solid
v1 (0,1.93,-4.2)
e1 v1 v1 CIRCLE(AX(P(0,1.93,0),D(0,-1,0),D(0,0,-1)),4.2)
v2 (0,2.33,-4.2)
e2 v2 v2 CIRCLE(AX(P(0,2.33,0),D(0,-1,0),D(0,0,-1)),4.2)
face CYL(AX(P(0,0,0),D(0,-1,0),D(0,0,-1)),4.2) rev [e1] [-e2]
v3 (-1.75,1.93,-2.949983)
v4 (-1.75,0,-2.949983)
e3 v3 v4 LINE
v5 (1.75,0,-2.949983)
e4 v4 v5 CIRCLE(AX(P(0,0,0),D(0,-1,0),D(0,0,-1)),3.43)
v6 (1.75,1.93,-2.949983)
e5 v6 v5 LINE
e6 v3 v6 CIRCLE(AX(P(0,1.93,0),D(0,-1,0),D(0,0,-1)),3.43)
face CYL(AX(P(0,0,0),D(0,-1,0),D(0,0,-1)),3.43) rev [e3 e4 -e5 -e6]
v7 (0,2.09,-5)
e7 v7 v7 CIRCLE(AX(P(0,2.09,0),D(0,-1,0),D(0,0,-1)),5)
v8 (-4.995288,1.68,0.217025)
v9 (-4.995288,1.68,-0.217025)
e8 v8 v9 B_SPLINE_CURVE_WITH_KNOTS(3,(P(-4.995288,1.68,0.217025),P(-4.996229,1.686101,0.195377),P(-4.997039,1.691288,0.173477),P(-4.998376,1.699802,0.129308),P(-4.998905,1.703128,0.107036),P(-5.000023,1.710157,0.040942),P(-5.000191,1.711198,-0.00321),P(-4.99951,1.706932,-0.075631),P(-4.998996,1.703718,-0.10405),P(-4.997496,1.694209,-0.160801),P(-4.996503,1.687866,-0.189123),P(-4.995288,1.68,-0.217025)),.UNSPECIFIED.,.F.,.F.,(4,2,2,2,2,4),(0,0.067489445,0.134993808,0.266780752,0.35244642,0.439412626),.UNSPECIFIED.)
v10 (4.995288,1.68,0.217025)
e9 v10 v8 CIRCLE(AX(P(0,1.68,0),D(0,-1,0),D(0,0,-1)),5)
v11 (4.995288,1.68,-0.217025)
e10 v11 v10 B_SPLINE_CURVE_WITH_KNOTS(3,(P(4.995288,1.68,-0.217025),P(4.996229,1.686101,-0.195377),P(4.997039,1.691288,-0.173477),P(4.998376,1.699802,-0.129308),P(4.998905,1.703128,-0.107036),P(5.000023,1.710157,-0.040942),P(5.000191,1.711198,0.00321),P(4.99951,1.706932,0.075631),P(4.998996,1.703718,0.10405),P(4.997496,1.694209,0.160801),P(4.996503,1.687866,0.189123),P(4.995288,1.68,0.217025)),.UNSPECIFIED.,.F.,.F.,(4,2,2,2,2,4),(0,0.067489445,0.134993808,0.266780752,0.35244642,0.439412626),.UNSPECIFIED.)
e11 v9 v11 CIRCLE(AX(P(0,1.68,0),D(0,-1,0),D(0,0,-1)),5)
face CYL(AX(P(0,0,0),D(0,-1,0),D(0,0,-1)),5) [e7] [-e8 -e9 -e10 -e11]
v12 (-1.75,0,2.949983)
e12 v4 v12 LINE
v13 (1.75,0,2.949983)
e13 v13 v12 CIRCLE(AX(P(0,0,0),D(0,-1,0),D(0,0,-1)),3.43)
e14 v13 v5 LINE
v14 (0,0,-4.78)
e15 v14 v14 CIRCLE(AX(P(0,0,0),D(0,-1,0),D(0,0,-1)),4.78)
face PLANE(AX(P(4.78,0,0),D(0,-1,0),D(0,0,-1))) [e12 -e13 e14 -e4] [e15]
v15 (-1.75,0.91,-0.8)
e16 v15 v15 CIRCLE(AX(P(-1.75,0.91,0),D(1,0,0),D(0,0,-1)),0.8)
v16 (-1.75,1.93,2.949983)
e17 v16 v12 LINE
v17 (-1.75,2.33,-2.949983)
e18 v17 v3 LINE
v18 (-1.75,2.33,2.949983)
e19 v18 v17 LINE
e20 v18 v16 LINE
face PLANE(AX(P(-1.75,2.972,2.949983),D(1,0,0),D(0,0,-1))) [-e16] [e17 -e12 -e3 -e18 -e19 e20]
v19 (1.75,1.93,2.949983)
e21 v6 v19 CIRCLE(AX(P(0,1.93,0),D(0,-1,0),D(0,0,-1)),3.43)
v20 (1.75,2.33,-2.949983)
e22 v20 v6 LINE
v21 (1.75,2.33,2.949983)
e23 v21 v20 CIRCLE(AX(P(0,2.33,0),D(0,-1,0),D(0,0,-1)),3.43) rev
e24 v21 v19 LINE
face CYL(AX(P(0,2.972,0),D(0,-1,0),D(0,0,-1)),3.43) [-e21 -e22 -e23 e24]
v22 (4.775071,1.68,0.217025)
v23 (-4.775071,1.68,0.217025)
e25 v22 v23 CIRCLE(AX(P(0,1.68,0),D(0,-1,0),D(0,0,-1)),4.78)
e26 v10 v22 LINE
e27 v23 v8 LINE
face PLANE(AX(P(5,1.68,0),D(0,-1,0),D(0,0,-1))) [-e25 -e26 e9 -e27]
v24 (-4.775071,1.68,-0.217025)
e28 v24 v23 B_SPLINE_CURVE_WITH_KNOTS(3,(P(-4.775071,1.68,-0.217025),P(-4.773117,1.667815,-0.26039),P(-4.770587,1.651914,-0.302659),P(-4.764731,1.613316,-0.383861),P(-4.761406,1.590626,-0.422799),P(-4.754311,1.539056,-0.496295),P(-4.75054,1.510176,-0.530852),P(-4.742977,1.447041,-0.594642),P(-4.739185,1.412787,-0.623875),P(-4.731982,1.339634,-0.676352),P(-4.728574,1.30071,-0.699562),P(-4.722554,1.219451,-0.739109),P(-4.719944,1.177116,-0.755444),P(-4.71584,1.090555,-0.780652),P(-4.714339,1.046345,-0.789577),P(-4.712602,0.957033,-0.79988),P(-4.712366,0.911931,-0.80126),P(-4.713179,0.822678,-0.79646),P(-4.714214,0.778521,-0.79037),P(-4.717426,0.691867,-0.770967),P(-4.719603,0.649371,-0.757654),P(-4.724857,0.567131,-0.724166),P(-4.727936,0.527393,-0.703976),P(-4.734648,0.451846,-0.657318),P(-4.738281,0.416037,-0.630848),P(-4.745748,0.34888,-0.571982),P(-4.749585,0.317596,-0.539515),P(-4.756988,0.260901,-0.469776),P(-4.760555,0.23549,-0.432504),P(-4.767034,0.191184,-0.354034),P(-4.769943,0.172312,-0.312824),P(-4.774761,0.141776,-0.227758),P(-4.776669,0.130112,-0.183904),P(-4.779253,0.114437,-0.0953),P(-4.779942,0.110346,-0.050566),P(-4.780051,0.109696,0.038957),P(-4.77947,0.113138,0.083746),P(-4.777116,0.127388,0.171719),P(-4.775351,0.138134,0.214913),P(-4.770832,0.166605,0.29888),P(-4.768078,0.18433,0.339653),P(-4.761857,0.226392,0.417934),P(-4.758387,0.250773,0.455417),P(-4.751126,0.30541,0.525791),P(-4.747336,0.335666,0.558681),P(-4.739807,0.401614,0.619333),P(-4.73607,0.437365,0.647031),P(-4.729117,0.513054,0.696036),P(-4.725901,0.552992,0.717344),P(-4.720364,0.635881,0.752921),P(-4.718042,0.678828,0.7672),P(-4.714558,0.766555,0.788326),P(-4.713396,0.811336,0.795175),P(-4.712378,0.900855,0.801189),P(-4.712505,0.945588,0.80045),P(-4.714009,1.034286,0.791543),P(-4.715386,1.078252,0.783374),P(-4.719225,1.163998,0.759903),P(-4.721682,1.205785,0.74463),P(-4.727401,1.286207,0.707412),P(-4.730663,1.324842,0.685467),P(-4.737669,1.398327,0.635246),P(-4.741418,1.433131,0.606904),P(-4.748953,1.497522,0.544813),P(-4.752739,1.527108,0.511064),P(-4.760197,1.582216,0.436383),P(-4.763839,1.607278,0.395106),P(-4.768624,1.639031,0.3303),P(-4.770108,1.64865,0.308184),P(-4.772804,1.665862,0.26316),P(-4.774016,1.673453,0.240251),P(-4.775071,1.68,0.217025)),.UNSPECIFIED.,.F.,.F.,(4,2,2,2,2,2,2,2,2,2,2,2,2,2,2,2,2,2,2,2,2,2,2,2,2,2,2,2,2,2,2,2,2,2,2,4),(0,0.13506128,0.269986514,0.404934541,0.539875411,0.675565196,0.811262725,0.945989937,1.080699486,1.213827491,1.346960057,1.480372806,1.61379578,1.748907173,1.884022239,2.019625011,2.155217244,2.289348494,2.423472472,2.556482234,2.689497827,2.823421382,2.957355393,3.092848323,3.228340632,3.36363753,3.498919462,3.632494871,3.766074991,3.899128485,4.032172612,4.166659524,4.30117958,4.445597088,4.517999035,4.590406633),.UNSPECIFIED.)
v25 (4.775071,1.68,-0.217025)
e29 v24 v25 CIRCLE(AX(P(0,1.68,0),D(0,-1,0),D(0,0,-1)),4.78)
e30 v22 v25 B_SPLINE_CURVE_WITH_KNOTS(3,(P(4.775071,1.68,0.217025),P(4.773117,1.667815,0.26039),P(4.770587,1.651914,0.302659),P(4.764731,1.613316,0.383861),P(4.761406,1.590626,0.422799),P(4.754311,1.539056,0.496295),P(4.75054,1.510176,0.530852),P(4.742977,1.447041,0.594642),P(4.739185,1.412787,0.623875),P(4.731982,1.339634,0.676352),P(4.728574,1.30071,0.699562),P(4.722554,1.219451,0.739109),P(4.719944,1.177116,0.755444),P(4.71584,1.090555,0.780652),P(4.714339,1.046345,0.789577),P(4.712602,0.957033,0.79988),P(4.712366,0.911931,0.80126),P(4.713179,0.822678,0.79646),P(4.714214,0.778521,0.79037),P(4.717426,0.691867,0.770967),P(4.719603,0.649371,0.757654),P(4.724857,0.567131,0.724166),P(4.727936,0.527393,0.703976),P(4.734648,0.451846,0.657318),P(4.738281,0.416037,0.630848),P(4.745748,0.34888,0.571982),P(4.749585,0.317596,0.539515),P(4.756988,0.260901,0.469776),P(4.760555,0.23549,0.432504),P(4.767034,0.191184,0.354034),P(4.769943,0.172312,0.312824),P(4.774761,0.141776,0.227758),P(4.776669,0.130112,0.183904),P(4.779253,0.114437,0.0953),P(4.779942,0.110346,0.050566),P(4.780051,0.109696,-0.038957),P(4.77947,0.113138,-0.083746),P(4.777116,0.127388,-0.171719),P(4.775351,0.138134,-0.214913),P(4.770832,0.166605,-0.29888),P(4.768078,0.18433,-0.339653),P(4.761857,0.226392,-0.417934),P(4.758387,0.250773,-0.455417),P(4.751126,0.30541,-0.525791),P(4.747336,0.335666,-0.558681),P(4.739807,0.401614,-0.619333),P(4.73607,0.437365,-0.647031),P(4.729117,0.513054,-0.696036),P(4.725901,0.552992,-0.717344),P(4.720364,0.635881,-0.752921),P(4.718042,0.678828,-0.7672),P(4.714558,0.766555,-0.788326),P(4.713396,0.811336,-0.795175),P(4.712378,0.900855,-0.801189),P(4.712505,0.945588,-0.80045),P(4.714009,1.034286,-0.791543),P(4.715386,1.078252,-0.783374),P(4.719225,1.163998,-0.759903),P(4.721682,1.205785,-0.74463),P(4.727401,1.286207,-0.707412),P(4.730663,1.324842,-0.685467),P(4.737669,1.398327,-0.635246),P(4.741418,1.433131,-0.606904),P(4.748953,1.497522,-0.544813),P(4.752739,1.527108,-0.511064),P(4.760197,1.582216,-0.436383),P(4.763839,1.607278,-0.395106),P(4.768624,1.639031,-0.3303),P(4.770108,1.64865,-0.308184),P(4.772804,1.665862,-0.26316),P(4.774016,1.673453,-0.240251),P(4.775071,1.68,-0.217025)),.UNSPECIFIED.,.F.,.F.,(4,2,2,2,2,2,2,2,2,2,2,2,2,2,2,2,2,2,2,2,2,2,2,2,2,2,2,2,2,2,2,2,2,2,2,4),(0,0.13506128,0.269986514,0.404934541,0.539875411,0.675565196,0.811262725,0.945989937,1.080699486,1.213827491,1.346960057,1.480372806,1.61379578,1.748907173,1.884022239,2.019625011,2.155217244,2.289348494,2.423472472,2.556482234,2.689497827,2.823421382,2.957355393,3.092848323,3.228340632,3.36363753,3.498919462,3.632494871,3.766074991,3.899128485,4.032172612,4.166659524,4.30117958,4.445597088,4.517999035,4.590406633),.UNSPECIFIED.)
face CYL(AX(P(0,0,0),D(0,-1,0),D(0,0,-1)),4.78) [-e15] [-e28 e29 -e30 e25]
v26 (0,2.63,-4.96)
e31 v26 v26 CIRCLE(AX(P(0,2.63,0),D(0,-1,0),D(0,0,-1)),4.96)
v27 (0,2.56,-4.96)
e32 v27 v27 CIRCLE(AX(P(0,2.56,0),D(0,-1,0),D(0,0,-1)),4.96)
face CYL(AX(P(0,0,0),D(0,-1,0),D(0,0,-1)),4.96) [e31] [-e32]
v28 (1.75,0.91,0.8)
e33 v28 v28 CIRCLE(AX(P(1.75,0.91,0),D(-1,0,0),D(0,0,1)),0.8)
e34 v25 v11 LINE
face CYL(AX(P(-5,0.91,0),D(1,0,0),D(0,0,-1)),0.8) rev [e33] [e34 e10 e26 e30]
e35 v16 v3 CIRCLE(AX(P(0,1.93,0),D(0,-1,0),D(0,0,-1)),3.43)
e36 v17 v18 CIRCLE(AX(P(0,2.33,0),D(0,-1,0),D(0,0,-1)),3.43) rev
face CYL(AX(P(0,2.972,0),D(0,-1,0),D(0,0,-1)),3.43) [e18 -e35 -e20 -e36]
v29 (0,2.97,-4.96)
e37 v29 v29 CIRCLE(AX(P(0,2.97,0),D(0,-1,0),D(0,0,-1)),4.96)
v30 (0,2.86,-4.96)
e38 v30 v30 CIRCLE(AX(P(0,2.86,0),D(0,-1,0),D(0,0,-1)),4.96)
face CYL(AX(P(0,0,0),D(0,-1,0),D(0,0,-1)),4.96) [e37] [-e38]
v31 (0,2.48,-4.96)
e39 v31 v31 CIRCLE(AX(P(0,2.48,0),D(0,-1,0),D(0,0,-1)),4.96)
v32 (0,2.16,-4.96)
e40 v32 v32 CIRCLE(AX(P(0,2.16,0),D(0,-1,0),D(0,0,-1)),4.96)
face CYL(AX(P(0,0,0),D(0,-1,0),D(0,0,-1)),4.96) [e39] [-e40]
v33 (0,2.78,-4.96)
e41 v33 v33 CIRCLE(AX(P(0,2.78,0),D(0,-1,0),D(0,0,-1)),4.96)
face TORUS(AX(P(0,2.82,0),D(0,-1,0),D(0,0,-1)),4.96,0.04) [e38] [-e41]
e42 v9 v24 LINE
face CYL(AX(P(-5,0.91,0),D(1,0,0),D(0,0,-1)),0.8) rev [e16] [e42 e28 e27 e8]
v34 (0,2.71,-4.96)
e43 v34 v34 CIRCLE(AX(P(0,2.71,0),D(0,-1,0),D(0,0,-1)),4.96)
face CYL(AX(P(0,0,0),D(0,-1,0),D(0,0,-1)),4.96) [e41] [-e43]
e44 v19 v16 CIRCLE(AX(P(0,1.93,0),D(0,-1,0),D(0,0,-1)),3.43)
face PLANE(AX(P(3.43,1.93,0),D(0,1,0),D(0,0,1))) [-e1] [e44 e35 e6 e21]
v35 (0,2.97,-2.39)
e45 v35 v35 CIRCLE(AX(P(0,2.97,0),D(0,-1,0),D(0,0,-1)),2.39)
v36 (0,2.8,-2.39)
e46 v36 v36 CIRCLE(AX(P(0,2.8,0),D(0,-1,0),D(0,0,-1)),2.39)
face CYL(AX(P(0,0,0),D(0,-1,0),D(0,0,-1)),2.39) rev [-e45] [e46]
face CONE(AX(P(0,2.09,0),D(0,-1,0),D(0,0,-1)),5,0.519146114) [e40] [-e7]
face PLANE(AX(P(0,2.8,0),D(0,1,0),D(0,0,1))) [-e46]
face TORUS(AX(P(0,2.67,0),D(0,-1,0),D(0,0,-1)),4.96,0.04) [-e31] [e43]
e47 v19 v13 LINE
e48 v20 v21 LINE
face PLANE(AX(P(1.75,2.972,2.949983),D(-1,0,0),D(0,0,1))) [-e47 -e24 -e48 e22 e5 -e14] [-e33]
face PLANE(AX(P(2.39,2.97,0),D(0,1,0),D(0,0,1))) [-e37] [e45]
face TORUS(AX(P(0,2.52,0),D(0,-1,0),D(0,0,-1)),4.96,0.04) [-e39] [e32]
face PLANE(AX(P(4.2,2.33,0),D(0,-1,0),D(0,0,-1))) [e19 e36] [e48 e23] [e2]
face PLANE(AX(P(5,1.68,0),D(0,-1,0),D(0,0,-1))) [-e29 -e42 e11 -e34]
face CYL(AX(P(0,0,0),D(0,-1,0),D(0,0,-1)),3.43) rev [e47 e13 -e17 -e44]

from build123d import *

# Parameters (mm, degrees)
BOSS_EXTRUDE1_REACH     = 9.669
CUT_EXTRUDE1_DEPTH      = 8.6694786
CUT_EXTRUDE1_DEPTH_BACK = 8.6694786
SKETCH3_R               = 0.8


with BuildPart() as part:
    # Sketch1 → Revolve1 (revolve)
    with BuildSketch(Plane.XY, mode=Mode.PRIVATE) as revolve1_sk:
        with BuildLine():
            Line((3.43, 1.93), (4.2, 1.93))
            Line((4.2, 1.93), (4.2, 2.33))
            Line((4.2, 2.33), (0, 2.33))
            Line((0, 2.33), (0, 2.8))
            Line((0, 2.8), (2.39, 2.8))
            Line((2.39, 2.8), (2.39, 2.97))
            Line((2.39, 2.97), (4.96, 2.97))
            Line((4.96, 2.97), (4.96, 2.86))
            ThreePointArc((4.96, 2.86), (5, 2.82), (4.96, 2.78))
            Line((4.96, 2.78), (4.96, 2.71))
            ThreePointArc((4.96, 2.71), (5, 2.67), (4.96, 2.63))
            Line((4.96, 2.63), (4.96, 2.56))
            ThreePointArc((4.96, 2.56), (5, 2.52), (4.96, 2.48))
            Line((4.96, 2.48), (4.96, 2.16))
            Line((4.96, 2.16), (5, 2.09))
            Line((5, 2.09), (5, 1.68))
            Line((5, 1.68), (4.78, 1.68))
            Line((4.78, 1.68), (4.78, 0))
            Line((4.78, 0), (3.43, 0))
            Line((3.43, 0), (3.43, 1.93))
        make_face()
    revolve(revolve1_sk.sketch.rotate(Axis((0, 0, 0), (0, 1, 0)), 90), axis=Axis((0, 0, 0), (0, 1, 0)))

    # Sketch2 → Boss-Extrude1 (add, up to next)
    with BuildSketch(Plane.XZ, mode=Mode.PRIVATE) as boss_extrude1_sk1:
        with BuildLine():
            Line((-1.75, 2.949983051), (-1.75, -2.949983051))
            ThreePointArc((-1.75, -2.949983051), (-3.43, 0), (-1.75, 2.949983051))
        make_face()
    boss_extrude1_tool1 = extrude(boss_extrude1_sk1.sketch, amount=-BOSS_EXTRUDE1_REACH, mode=Mode.PRIVATE) - part.part
    # Sketch2 → Boss-Extrude1 (add, up to next)
    with BuildSketch(Plane.XZ, mode=Mode.PRIVATE) as boss_extrude1_sk2:
        with BuildLine():
            Line((1.75, 2.949983051), (1.75, -2.949983051))
            ThreePointArc((1.75, -2.949983051), (3.43, 0), (1.75, 2.949983051))
        make_face()
    boss_extrude1_tool2 = extrude(boss_extrude1_sk2.sketch, amount=-BOSS_EXTRUDE1_REACH, mode=Mode.PRIVATE) - part.part
    add(boss_extrude1_tool1.solids().sort_by_distance((-2.438465, 0, 0))[0])
    add(boss_extrude1_tool2.solids().sort_by_distance((2.438465, 0, 0))[0])

    # Sketch3 → Cut-Extrude1 (cut, two sides: drawn at the far end of the back side and taken through both)
    with BuildSketch(Plane(origin=(0, 0, 0), x_dir=(0, 0, -1), z_dir=(1, 0, 0)).offset(-CUT_EXTRUDE1_DEPTH_BACK)):
        with Locations(Location((0, 0.91, 0), (0, 0, 74.259451475))):
            Circle(SKETCH3_R)
    extrude(amount=CUT_EXTRUDE1_DEPTH + CUT_EXTRUDE1_DEPTH_BACK, mode=Mode.SUBTRACT)


solid = part.part
